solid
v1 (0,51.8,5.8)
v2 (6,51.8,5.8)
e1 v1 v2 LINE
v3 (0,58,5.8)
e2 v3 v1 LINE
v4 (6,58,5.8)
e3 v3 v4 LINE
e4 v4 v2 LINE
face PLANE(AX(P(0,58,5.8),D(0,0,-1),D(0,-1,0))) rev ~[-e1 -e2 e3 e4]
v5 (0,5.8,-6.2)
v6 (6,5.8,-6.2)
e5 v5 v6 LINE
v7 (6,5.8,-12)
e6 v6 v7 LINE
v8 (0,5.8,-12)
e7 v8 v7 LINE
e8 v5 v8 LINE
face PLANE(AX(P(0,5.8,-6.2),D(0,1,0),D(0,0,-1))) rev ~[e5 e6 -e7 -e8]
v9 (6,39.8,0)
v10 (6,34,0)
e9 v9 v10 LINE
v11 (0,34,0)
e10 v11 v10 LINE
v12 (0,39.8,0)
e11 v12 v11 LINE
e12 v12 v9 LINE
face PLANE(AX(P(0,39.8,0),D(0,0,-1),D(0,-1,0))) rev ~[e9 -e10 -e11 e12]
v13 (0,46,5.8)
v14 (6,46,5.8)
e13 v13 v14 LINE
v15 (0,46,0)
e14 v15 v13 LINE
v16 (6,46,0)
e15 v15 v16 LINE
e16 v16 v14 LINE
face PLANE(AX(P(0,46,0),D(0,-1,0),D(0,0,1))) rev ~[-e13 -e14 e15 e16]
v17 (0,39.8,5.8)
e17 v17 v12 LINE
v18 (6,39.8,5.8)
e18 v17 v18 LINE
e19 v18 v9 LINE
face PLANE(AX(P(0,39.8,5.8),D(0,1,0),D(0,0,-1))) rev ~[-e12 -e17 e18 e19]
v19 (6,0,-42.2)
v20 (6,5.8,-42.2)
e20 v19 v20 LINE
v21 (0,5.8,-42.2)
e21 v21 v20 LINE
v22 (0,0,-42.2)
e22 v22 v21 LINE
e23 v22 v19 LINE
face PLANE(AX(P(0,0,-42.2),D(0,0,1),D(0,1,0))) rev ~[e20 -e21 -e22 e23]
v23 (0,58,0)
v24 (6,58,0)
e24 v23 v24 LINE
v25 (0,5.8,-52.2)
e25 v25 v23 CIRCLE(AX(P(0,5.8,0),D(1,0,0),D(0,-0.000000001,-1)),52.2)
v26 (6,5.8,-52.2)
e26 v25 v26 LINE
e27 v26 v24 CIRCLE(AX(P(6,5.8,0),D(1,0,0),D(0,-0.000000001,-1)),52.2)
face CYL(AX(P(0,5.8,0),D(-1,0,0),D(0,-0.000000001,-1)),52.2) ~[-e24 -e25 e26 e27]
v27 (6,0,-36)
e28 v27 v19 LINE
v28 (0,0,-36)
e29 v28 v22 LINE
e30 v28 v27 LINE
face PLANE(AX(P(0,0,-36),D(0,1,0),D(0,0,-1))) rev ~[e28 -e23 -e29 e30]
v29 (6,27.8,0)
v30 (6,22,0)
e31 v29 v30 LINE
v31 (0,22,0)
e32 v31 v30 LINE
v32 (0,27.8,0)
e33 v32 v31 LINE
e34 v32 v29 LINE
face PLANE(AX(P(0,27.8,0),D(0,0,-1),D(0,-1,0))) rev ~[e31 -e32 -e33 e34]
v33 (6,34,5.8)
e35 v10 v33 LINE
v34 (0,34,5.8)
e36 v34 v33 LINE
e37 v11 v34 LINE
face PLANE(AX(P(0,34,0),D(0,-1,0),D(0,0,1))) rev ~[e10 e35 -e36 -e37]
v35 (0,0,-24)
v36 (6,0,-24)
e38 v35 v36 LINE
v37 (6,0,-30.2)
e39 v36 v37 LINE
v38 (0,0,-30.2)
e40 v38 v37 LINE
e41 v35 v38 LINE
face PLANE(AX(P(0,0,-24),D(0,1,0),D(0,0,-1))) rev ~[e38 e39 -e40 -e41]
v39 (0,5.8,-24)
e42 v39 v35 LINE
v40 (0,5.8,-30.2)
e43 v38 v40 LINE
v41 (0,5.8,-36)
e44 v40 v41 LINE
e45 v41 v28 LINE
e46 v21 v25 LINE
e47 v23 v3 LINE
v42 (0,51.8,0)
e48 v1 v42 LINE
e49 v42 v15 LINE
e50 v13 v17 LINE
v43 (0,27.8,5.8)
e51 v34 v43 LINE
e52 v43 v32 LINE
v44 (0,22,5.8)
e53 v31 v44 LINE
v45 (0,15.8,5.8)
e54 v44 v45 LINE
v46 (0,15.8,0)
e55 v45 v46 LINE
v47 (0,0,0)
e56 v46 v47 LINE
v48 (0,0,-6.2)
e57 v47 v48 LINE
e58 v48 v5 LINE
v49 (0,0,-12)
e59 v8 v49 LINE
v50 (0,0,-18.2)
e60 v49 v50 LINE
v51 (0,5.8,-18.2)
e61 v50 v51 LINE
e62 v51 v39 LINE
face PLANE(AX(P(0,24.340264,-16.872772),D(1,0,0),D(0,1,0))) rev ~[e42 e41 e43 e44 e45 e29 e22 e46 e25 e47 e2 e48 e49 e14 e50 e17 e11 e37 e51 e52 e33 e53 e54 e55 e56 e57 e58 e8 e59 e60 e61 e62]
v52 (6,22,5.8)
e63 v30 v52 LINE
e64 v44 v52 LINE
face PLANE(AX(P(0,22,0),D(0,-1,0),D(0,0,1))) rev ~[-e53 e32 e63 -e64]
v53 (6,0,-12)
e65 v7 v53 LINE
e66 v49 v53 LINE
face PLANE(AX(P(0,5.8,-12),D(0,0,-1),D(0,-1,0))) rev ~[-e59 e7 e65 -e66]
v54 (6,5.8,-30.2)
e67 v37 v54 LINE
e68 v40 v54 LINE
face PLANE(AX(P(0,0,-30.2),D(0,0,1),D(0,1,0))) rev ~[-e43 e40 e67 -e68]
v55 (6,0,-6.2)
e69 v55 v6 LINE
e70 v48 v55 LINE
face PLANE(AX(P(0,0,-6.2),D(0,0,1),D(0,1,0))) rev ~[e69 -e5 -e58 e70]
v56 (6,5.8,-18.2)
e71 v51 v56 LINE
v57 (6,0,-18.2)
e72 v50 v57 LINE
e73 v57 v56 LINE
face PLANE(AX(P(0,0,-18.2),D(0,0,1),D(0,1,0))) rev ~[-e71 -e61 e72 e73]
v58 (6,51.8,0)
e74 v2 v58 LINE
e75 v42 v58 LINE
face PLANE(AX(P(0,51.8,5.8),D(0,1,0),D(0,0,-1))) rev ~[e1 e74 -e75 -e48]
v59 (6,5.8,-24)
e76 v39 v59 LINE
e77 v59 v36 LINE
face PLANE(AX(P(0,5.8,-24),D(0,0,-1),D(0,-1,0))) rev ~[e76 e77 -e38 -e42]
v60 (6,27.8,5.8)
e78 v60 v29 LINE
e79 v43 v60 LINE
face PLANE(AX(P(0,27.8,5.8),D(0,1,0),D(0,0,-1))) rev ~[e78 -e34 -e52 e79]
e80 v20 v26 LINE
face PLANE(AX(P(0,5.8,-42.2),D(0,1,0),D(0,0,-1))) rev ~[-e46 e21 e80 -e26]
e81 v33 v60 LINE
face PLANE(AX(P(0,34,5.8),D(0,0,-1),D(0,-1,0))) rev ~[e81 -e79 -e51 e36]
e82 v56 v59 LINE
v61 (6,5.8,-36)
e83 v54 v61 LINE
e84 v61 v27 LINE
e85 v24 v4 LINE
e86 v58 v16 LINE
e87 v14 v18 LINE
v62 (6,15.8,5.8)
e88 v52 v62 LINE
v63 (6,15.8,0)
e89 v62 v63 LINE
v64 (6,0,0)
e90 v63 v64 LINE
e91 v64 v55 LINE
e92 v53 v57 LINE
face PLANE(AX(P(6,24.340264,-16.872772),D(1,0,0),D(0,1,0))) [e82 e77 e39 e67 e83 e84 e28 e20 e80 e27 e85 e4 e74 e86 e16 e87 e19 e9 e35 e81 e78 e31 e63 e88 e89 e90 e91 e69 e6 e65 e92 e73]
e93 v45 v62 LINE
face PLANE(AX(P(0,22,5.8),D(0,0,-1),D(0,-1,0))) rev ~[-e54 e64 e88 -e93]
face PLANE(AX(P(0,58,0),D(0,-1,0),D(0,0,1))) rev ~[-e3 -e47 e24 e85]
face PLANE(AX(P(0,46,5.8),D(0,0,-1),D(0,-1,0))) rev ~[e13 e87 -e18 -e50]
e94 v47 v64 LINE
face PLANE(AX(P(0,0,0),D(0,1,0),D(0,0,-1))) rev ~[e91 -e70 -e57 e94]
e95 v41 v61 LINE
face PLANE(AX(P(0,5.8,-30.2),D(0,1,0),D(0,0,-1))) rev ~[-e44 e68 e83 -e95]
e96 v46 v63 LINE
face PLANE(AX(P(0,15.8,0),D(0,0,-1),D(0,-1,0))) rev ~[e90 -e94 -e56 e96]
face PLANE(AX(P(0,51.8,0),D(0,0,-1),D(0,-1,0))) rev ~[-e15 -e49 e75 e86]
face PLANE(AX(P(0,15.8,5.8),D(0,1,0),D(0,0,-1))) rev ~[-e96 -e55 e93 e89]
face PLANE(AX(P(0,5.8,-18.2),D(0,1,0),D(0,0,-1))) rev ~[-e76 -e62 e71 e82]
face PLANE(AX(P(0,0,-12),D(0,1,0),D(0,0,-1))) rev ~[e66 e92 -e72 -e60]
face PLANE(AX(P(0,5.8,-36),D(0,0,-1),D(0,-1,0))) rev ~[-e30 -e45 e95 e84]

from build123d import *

# Parameters (mm, degrees)
F1_DEPTH = 6


with BuildPart() as f1:
    # F0 (on Right) → F1 (new body)
    with BuildSketch(Plane.YZ):
        with BuildLine():
            Line((5.8, -42.2), (5.8, -52.2))
            ThreePointArc((5.8, -52.2), (42.710974, -36.910974), (58, 0))
            Line((58, 0), (58, 5.8))
            Line((58, 5.8), (51.8, 5.8))
            Line((51.8, 5.8), (51.8, 0))
            Line((51.8, 0), (46, 0))
            Line((46, 0), (46, 5.8))
            Line((46, 5.8), (39.8, 5.8))
            Line((39.8, 5.8), (39.8, 0))
            Line((39.8, 0), (34, 0))
            Line((34, 0), (34, 5.8))
            Line((34, 5.8), (27.8, 5.8))
            Line((27.8, 5.8), (27.8, 0))
            Line((27.8, 0), (22, 0))
            Line((22, 0), (22, 5.8))
            Line((22, 5.8), (15.8, 5.8))
            Line((15.8, 5.8), (15.8, 0))
            Line((15.8, 0), (0, 0))
            Line((0, 0), (0, -6.2))
            Line((0, -6.2), (5.8, -6.2))
            Line((5.8, -6.2), (5.8, -12))
            Line((5.8, -12), (0, -12))
            Line((0, -12), (0, -18.2))
            Line((0, -18.2), (5.8, -18.2))
            Line((5.8, -18.2), (5.8, -24))
            Line((5.8, -24), (0, -24))
            Line((0, -24), (0, -30.2))
            Line((0, -30.2), (5.8, -30.2))
            Line((5.8, -30.2), (5.8, -36))
            Line((5.8, -36), (0, -36))
            Line((0, -36), (0, -42.2))
            Line((0, -42.2), (5.8, -42.2))
        make_face()
    extrude(amount=F1_DEPTH)


solid = f1.part
